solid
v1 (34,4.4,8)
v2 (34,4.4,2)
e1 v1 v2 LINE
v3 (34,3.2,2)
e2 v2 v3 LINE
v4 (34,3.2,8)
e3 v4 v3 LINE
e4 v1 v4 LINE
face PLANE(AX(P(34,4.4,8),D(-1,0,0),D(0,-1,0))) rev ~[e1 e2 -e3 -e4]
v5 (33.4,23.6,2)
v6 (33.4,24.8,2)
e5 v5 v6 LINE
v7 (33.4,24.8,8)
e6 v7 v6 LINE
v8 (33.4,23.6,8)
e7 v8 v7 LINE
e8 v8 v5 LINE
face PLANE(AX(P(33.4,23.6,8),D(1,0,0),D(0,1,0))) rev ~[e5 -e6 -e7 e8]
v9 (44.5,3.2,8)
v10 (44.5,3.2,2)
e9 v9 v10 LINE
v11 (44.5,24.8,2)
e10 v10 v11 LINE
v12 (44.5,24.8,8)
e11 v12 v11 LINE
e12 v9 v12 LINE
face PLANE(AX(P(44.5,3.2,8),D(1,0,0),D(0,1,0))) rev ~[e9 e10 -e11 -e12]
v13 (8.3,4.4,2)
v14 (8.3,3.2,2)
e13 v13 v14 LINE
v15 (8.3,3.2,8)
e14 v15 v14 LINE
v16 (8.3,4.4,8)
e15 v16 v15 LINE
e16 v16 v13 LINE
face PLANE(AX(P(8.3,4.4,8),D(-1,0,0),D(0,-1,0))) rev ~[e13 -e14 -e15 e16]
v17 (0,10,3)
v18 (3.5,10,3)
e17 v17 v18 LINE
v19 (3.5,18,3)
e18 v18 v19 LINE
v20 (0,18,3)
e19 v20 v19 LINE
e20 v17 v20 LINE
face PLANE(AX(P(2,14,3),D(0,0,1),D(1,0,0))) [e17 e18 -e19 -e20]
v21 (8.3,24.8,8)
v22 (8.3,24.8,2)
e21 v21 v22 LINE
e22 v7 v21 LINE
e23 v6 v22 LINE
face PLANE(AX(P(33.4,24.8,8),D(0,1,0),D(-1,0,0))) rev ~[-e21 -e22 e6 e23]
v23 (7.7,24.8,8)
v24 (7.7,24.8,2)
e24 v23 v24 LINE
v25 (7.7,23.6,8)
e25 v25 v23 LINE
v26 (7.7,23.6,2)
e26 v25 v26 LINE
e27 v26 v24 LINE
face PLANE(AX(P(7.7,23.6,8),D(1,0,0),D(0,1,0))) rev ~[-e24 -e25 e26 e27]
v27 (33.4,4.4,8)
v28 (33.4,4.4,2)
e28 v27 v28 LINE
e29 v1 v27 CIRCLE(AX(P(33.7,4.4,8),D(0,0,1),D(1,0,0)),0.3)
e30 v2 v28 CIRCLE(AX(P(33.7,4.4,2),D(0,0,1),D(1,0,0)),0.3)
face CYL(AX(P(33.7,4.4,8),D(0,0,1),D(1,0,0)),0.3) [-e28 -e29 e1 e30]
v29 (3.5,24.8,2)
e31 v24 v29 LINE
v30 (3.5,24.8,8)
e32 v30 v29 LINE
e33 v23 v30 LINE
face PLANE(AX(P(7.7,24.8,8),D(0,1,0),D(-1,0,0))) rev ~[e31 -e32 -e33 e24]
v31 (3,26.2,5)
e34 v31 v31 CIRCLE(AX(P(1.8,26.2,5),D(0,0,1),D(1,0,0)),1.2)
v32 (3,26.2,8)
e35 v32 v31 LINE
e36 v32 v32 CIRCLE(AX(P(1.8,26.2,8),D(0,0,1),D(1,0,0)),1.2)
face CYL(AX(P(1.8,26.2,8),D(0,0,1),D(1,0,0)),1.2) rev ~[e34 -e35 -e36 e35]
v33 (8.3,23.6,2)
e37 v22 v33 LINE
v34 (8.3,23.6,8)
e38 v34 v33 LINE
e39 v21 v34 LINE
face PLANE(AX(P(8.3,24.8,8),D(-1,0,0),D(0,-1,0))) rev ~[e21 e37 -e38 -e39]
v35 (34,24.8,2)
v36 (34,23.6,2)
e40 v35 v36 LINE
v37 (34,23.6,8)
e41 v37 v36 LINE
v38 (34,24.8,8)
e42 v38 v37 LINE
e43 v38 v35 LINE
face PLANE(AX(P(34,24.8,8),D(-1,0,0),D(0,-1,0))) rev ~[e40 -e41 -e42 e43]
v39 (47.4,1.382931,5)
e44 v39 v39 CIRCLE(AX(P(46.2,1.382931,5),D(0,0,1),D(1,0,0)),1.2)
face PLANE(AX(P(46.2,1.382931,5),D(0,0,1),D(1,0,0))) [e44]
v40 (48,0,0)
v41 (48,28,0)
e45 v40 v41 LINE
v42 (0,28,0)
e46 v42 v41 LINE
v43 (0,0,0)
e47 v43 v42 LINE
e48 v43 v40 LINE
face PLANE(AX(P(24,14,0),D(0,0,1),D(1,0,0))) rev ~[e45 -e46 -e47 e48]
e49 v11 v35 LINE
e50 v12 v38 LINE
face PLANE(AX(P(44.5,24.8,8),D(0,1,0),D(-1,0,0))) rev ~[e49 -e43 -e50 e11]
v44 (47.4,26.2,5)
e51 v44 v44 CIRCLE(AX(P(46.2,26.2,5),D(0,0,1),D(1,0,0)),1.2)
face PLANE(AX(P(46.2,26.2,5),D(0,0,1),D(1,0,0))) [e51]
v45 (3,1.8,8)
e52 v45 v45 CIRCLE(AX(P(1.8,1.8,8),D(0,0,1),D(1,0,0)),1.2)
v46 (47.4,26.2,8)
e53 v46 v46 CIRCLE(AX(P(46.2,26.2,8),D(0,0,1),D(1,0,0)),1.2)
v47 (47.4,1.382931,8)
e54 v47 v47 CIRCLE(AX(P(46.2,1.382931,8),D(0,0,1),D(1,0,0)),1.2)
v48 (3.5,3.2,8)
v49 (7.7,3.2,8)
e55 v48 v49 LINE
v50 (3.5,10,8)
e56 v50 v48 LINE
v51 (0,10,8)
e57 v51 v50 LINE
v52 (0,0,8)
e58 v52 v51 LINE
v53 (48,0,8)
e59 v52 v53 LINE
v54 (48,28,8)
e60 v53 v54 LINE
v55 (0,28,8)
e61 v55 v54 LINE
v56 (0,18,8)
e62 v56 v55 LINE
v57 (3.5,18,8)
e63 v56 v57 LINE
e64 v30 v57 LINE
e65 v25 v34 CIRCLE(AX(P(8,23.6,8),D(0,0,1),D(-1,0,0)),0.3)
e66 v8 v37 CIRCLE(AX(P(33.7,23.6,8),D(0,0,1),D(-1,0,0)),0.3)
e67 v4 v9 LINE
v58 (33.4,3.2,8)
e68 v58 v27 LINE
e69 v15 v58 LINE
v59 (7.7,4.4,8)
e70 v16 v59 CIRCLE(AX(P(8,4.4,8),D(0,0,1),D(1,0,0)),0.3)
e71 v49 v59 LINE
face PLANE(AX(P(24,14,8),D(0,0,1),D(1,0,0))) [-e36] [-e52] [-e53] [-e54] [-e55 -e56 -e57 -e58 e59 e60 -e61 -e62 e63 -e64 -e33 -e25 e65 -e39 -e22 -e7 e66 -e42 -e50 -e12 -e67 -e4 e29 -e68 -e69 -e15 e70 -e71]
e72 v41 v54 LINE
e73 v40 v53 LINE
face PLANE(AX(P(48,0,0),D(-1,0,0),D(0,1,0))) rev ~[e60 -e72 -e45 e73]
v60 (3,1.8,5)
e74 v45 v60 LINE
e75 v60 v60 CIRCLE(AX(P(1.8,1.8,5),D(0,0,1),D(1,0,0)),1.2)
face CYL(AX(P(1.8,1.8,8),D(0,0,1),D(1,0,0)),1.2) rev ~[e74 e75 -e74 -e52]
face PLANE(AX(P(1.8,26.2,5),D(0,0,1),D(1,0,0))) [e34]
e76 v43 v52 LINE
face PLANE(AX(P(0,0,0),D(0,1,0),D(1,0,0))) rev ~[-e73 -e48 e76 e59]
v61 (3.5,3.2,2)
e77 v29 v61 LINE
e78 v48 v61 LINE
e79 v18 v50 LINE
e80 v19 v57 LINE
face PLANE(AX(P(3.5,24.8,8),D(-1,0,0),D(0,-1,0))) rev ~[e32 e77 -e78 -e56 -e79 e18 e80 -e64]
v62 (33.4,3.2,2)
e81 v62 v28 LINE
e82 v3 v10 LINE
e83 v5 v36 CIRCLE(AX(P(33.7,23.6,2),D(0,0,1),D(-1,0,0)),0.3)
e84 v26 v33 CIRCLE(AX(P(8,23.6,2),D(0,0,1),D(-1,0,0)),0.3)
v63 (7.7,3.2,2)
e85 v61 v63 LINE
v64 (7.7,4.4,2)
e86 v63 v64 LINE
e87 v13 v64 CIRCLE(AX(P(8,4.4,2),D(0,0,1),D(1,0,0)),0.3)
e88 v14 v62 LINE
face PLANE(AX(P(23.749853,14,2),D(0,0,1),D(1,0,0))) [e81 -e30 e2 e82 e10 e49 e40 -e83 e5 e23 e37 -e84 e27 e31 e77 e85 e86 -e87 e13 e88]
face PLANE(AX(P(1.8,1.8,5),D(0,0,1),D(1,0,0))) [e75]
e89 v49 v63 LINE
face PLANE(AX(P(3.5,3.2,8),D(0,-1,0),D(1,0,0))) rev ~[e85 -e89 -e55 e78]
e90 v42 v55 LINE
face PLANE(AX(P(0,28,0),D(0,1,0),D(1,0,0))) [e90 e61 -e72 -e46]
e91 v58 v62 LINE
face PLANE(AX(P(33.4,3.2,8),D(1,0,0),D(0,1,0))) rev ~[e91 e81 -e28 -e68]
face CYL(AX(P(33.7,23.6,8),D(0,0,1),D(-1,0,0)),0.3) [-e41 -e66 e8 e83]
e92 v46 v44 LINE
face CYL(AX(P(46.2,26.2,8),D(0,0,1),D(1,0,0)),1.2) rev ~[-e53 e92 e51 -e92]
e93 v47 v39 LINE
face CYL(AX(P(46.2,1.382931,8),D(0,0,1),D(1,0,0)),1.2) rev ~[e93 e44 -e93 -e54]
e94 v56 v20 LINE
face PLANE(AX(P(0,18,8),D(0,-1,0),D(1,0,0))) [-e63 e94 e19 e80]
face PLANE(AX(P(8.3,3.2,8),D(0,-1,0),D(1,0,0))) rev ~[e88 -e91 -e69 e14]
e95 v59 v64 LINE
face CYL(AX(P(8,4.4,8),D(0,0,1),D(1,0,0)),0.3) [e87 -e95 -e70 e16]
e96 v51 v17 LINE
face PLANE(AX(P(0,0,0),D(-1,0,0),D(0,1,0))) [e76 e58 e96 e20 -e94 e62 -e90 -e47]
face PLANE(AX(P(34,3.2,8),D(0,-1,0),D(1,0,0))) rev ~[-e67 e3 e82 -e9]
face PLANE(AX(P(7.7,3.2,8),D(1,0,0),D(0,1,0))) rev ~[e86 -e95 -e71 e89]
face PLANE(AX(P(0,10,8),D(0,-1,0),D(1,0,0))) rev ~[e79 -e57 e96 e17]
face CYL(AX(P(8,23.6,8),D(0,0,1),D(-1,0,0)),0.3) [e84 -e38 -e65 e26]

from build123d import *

# Parameters (mm, degrees)
SKETCH_W        = 48
SKETCH_H        = 28
PAD_DEPTH       = 8
POCKET_DEPTH    = 6
SKETCH002_W     = 4
SKETCH002_H     = 8
POCKET001_DEPTH = 5
SKETCH004_R     = 1.2
POCKET002_DEPTH = 3


with BuildPart() as part:
    # Sketch → Pad (new body)
    with BuildSketch(Plane.XY):
        with Locations((24, 14)):
            Rectangle(SKETCH_W, SKETCH_H)
    extrude(amount=PAD_DEPTH)

    # Sketch001 → Pocket (cut)
    with BuildSketch(Plane.XY.offset(8)):
        with BuildLine():
            Line((3.5, 3.2), (7.7, 3.2))
            Line((7.7, 3.2), (7.7, 4.4))
            ThreePointArc((8.3, 4.4), (8, 4.7), (7.7, 4.4))
            Line((8.3, 4.4), (8.3, 3.2))
            Line((8.3, 3.2), (33.4, 3.2))
            Line((33.4, 3.2), (33.4, 4.4))
            ThreePointArc((34, 4.4), (33.7, 4.7), (33.4, 4.4))
            Line((34, 4.4), (34, 3.2))
            Line((34, 3.2), (44.5, 3.2))
            Line((44.5, 3.2), (44.5, 24.8))
            Line((44.5, 24.8), (34, 24.8))
            Line((34, 24.8), (34, 23.6))
            ThreePointArc((33.4, 23.6), (33.7, 23.3), (34, 23.6))
            Line((33.4, 23.6), (33.4, 24.8))
            Line((33.4, 24.8), (8.3, 24.8))
            Line((8.3, 24.8), (8.3, 23.6))
            ThreePointArc((7.7, 23.6), (8, 23.3), (8.3, 23.6))
            Line((7.7, 23.6), (7.7, 24.8))
            Line((7.7, 24.8), (3.5, 24.8))
            Line((3.5, 24.8), (3.5, 3.2))
        make_face()
    extrude(amount=-POCKET_DEPTH, mode=Mode.SUBTRACT)

    # Sketch002 → Pocket001 (cut)
    with BuildSketch(Plane.XY.offset(8)):
        with Locations((2, 14)):
            Rectangle(SKETCH002_W, SKETCH002_H)
    extrude(amount=-POCKET001_DEPTH, mode=Mode.SUBTRACT)

    # Sketch004 → Pocket002 (cut)
    with BuildSketch(Plane.XY.offset(8)):
        with Locations((1.8, 26.2)):
            Circle(SKETCH004_R)
        with Locations((1.8, 1.8)):
            Circle(SKETCH004_R)
        with Locations((46.2, 1.382931)):
            Circle(SKETCH004_R)
        with Locations((46.2, 26.2)):
            Circle(SKETCH004_R)
    extrude(amount=-POCKET002_DEPTH, mode=Mode.SUBTRACT)


solid = part.part
